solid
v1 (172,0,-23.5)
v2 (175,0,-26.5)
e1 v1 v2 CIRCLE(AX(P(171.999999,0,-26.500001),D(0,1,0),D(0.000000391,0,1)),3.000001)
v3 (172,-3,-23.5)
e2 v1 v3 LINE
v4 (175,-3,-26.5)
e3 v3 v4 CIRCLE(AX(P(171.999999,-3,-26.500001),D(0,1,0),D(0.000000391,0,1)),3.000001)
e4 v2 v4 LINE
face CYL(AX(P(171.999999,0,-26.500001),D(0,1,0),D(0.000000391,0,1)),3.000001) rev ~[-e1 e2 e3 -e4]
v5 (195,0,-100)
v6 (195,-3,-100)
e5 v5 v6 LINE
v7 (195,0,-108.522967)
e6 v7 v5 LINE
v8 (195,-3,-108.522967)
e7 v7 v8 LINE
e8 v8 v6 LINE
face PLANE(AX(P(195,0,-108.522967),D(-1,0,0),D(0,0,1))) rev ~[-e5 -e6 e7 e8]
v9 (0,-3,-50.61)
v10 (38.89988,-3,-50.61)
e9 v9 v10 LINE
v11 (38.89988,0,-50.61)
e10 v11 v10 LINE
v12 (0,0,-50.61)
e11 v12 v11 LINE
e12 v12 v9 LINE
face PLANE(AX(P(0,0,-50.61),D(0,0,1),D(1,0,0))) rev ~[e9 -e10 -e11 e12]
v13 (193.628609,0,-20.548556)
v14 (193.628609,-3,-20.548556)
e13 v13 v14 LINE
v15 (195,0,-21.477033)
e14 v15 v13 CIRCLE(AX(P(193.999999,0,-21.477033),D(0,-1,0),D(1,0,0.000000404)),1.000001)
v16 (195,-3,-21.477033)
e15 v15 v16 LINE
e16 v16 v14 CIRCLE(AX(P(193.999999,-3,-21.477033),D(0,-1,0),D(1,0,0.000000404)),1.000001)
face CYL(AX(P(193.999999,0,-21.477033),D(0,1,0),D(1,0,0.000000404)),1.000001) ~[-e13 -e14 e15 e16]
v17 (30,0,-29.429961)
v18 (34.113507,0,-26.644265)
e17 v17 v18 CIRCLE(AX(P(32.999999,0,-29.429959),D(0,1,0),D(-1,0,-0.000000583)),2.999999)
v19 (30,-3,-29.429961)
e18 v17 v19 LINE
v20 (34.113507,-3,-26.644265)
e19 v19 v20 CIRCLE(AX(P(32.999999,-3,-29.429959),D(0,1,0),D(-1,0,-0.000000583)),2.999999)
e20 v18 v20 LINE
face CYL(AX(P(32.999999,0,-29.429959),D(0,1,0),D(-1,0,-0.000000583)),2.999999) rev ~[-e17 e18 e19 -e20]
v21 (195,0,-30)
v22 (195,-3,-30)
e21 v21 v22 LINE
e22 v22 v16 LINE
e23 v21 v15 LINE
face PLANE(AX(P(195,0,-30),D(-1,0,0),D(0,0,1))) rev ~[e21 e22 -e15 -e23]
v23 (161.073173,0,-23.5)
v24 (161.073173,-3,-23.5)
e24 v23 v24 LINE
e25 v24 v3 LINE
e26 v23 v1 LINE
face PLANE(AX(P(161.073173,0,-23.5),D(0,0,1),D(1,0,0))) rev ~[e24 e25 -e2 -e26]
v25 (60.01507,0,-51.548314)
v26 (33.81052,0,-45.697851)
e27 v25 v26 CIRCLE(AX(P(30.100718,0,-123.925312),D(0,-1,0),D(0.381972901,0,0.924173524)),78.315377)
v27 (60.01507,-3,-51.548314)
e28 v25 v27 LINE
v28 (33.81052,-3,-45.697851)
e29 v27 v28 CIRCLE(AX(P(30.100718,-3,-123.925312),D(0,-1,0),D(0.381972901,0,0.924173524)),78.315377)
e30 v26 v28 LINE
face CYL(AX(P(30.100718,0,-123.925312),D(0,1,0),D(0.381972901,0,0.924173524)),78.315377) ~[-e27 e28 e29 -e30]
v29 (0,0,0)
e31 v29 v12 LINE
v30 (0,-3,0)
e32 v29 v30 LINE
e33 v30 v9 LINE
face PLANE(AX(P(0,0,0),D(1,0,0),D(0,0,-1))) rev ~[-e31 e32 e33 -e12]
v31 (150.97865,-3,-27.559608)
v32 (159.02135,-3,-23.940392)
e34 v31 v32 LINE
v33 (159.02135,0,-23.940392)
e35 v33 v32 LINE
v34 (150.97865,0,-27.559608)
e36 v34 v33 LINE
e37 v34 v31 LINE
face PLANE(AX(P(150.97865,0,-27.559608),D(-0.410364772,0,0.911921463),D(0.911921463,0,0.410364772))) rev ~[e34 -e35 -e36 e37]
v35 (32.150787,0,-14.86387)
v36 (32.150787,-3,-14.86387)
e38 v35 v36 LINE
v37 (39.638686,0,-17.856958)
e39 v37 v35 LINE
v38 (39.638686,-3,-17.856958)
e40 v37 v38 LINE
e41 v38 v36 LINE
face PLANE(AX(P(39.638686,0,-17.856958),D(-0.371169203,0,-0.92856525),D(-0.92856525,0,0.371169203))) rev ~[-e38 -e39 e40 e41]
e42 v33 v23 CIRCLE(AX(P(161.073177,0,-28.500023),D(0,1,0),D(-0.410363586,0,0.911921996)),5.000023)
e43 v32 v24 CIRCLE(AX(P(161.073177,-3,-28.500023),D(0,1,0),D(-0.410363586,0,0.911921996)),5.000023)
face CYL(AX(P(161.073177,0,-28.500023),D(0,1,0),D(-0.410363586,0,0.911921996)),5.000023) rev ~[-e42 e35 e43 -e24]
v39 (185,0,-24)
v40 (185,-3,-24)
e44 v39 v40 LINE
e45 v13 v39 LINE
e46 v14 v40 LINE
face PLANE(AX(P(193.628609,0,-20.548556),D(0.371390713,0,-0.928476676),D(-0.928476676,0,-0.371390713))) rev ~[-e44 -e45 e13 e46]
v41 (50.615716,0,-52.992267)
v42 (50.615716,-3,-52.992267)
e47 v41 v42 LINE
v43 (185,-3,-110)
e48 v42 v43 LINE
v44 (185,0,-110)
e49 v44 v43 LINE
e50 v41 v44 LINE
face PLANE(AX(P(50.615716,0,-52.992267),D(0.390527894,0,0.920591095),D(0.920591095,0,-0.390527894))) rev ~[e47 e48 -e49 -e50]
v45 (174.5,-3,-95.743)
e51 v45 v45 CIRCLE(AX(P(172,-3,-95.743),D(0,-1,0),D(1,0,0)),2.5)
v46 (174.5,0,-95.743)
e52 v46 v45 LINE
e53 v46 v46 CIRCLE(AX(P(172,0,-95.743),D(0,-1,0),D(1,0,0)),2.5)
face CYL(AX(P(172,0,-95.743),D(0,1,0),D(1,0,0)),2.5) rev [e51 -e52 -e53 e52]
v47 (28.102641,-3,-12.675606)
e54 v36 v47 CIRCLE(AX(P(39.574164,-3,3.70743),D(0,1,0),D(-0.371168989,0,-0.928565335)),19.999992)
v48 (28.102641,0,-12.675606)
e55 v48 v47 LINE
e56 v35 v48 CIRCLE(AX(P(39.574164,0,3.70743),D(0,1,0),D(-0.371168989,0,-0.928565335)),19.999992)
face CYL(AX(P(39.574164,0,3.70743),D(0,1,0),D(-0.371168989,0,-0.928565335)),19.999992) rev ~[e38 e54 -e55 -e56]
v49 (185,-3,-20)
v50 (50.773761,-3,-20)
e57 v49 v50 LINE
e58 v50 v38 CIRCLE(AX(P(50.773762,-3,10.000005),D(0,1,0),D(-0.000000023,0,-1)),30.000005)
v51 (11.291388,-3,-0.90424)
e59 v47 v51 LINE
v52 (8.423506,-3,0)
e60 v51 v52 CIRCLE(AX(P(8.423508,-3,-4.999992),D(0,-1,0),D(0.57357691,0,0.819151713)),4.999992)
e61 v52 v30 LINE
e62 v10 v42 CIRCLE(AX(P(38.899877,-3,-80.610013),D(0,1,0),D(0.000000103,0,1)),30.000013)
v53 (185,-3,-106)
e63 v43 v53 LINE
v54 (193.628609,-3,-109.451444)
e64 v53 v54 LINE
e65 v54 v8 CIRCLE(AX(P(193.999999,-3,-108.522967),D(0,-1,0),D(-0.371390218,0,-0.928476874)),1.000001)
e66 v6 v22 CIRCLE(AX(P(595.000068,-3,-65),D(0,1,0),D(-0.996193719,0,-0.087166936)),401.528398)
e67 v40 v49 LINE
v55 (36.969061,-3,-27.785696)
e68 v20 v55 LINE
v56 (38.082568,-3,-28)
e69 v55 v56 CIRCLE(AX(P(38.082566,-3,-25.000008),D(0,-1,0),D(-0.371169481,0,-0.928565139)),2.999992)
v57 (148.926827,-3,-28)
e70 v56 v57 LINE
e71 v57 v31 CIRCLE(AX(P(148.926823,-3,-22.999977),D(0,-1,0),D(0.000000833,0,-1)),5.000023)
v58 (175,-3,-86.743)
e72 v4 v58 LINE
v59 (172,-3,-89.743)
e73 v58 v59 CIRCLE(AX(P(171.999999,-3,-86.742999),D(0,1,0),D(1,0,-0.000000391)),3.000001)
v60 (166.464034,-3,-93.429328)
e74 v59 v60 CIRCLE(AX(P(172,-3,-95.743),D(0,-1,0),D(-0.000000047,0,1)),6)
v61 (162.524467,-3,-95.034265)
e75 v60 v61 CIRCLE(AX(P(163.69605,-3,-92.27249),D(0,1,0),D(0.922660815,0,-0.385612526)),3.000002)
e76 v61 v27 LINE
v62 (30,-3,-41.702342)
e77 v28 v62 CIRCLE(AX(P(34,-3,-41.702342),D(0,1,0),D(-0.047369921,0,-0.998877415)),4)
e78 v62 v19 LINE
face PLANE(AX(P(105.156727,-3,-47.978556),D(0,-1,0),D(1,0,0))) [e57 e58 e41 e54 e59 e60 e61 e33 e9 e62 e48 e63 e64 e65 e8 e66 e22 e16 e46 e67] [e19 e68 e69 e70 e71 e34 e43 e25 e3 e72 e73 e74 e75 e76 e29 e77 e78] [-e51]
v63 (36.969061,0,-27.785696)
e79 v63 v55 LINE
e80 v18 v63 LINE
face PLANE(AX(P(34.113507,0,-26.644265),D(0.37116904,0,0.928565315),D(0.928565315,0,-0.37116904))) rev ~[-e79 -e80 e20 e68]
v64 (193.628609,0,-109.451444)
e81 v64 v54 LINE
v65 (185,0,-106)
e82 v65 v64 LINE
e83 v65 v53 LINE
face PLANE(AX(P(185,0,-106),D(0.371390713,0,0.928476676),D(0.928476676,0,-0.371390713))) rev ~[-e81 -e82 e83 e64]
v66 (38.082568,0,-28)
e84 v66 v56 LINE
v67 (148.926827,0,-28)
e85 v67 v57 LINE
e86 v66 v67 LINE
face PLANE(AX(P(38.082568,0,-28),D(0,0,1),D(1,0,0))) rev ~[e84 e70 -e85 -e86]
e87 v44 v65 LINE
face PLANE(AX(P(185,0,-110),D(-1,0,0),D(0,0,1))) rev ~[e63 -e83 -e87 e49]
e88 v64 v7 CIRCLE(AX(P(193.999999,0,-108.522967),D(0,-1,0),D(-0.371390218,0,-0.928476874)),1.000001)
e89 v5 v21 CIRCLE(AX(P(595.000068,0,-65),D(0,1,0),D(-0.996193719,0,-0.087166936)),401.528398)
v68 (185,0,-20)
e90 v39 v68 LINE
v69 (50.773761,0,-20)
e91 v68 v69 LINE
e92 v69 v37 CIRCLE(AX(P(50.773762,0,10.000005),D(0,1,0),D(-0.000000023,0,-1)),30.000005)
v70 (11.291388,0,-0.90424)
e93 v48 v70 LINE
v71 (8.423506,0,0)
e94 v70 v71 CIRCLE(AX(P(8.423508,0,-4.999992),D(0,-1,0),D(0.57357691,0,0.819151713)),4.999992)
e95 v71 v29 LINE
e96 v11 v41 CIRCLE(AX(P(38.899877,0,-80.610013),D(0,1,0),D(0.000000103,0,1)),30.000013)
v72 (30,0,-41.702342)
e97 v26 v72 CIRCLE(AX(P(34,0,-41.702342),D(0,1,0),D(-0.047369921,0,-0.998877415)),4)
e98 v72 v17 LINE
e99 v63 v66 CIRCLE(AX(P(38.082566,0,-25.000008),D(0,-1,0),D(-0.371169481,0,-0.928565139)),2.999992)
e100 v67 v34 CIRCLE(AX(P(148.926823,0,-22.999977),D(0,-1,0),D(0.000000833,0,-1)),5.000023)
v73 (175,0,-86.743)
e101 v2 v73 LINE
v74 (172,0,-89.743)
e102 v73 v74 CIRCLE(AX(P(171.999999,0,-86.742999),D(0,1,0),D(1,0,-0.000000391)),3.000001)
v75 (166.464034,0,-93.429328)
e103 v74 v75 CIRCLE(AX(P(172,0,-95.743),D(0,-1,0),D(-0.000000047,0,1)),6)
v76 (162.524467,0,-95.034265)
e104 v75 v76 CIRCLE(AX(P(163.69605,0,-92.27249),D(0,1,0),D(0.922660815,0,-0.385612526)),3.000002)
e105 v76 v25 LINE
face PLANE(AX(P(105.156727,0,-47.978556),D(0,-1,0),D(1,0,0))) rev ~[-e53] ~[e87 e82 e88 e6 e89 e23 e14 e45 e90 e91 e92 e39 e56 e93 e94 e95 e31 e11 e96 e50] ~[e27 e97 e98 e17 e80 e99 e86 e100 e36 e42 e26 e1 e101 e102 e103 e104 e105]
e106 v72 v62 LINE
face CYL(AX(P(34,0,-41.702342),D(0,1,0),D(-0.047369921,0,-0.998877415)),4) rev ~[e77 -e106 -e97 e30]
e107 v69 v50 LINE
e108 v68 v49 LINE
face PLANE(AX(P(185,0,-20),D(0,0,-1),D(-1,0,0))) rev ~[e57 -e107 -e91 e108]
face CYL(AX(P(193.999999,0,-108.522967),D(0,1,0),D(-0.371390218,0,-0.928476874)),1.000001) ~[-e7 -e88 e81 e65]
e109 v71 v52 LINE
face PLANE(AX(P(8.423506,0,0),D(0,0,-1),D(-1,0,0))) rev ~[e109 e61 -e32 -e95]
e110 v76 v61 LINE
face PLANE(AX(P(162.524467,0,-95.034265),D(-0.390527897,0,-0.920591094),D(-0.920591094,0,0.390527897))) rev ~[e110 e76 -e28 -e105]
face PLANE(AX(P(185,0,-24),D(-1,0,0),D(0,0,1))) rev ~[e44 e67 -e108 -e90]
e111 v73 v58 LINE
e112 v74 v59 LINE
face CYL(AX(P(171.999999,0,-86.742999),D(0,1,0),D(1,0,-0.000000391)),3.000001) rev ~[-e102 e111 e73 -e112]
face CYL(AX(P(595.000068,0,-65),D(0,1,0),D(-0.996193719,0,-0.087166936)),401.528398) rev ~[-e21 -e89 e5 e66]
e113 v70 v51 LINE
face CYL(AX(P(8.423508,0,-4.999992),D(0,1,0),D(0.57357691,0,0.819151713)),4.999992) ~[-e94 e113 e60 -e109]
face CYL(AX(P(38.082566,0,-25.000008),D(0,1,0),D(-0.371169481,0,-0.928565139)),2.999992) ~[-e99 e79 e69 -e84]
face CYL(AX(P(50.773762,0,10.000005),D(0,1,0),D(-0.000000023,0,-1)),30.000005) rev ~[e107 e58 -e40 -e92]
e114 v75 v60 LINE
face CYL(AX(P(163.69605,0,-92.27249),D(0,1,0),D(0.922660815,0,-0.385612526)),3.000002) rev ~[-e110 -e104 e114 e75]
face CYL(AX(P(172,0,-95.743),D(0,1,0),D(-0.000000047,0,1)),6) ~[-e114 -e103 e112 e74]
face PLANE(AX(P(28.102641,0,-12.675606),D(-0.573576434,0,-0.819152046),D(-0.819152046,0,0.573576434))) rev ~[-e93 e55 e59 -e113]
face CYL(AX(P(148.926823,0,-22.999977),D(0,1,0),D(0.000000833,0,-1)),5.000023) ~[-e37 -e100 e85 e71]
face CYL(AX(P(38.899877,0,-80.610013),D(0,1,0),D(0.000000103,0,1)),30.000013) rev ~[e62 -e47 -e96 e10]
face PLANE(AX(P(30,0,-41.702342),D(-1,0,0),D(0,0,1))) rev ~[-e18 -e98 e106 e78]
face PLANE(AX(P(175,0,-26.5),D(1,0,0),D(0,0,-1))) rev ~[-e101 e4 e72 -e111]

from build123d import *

# Parameters (mm, degrees)
F0_R     = 2.5
F1_DEPTH = 3


with BuildPart() as f1:
    # F0 (on Front) → F1 (new body)
    with BuildSketch(Plane.XZ):
        with BuildLine():
            Line((8.423506, 0), (0, 0))
            Line((0, 0), (0, -50.61))
            Line((0, -50.61), (38.89988, -50.61))
            ThreePointArc((38.89988, -50.61), (44.877672, -51.211599), (50.615716, -52.992267))
            Line((50.615716, -52.992267), (185, -110))
            Line((185, -110), (185, -106))
            Line((185, -106), (193.628609, -109.451444))
            ThreePointArc((193.628609, -109.451444), (194.560629, -109.351034), (195, -108.522967))
            Line((195, -108.522967), (195, -100))
            ThreePointArc((195, -100), (193.47167, -65), (195, -30))
            Line((195, -30), (195, -21.477033))
            ThreePointArc((195, -21.477033), (194.560629, -20.648966), (193.628609, -20.548556))
            Line((193.628609, -20.548556), (185, -24))
            Line((185, -24), (185, -20))
            Line((185, -20), (50.773761, -20))
            ThreePointArc((50.773761, -20), (45.104049, -19.459368), (39.638686, -17.856958))
            Line((39.638686, -17.856958), (32.150787, -14.86387))
            ThreePointArc((32.150787, -14.86387), (30.063568, -13.886554), (28.102641, -12.675606))
            Line((28.102641, -12.675606), (11.291388, -0.90424))
            ThreePointArc((11.291388, -0.90424), (9.927035, -0.231415), (8.423506, 0))
        make_face()
        with Locations((172, -95.743)):
            Circle(F0_R, mode=Mode.SUBTRACT)
        with BuildLine():
            ThreePointArc((60.01507, -51.548314), (47.165387, -47.491711), (33.81052, -45.697851))
            ThreePointArc((33.81052, -45.697851), (31.105357, -44.462965), (30, -41.702342))
            Line((30, -41.702342), (30, -29.429961))
            ThreePointArc((30, -29.429961), (31.317817, -26.945959), (34.113507, -26.644265))
            Line((34.113507, -26.644265), (36.969061, -27.785696))
            ThreePointArc((36.969061, -27.785696), (37.515597, -27.945937), (38.082568, -28))
            Line((38.082568, -28), (148.926827, -28))
            ThreePointArc((148.926827, -28), (149.976103, -27.888662), (150.97865, -27.559608))
            Line((150.97865, -27.559608), (159.02135, -23.940392))
            ThreePointArc((159.02135, -23.940392), (160.023897, -23.611338), (161.073173, -23.5))
            Line((161.073173, -23.5), (172, -23.5))
            ThreePointArc((172, -23.5), (174.12132, -24.37868), (175, -26.5))
            Line((175, -26.5), (175, -86.743))
            ThreePointArc((175, -86.743), (174.12132, -88.86432), (172, -89.743))
            ThreePointArc((172, -89.743), (168.674495, -90.748902), (166.464034, -93.429328))
            ThreePointArc((166.464034, -93.429328), (164.827898, -95.050786), (162.524467, -95.034265))
            Line((162.524467, -95.034265), (60.01507, -51.548314))
        make_face(mode=Mode.SUBTRACT)
    extrude(amount=F1_DEPTH)


solid = f1.part
